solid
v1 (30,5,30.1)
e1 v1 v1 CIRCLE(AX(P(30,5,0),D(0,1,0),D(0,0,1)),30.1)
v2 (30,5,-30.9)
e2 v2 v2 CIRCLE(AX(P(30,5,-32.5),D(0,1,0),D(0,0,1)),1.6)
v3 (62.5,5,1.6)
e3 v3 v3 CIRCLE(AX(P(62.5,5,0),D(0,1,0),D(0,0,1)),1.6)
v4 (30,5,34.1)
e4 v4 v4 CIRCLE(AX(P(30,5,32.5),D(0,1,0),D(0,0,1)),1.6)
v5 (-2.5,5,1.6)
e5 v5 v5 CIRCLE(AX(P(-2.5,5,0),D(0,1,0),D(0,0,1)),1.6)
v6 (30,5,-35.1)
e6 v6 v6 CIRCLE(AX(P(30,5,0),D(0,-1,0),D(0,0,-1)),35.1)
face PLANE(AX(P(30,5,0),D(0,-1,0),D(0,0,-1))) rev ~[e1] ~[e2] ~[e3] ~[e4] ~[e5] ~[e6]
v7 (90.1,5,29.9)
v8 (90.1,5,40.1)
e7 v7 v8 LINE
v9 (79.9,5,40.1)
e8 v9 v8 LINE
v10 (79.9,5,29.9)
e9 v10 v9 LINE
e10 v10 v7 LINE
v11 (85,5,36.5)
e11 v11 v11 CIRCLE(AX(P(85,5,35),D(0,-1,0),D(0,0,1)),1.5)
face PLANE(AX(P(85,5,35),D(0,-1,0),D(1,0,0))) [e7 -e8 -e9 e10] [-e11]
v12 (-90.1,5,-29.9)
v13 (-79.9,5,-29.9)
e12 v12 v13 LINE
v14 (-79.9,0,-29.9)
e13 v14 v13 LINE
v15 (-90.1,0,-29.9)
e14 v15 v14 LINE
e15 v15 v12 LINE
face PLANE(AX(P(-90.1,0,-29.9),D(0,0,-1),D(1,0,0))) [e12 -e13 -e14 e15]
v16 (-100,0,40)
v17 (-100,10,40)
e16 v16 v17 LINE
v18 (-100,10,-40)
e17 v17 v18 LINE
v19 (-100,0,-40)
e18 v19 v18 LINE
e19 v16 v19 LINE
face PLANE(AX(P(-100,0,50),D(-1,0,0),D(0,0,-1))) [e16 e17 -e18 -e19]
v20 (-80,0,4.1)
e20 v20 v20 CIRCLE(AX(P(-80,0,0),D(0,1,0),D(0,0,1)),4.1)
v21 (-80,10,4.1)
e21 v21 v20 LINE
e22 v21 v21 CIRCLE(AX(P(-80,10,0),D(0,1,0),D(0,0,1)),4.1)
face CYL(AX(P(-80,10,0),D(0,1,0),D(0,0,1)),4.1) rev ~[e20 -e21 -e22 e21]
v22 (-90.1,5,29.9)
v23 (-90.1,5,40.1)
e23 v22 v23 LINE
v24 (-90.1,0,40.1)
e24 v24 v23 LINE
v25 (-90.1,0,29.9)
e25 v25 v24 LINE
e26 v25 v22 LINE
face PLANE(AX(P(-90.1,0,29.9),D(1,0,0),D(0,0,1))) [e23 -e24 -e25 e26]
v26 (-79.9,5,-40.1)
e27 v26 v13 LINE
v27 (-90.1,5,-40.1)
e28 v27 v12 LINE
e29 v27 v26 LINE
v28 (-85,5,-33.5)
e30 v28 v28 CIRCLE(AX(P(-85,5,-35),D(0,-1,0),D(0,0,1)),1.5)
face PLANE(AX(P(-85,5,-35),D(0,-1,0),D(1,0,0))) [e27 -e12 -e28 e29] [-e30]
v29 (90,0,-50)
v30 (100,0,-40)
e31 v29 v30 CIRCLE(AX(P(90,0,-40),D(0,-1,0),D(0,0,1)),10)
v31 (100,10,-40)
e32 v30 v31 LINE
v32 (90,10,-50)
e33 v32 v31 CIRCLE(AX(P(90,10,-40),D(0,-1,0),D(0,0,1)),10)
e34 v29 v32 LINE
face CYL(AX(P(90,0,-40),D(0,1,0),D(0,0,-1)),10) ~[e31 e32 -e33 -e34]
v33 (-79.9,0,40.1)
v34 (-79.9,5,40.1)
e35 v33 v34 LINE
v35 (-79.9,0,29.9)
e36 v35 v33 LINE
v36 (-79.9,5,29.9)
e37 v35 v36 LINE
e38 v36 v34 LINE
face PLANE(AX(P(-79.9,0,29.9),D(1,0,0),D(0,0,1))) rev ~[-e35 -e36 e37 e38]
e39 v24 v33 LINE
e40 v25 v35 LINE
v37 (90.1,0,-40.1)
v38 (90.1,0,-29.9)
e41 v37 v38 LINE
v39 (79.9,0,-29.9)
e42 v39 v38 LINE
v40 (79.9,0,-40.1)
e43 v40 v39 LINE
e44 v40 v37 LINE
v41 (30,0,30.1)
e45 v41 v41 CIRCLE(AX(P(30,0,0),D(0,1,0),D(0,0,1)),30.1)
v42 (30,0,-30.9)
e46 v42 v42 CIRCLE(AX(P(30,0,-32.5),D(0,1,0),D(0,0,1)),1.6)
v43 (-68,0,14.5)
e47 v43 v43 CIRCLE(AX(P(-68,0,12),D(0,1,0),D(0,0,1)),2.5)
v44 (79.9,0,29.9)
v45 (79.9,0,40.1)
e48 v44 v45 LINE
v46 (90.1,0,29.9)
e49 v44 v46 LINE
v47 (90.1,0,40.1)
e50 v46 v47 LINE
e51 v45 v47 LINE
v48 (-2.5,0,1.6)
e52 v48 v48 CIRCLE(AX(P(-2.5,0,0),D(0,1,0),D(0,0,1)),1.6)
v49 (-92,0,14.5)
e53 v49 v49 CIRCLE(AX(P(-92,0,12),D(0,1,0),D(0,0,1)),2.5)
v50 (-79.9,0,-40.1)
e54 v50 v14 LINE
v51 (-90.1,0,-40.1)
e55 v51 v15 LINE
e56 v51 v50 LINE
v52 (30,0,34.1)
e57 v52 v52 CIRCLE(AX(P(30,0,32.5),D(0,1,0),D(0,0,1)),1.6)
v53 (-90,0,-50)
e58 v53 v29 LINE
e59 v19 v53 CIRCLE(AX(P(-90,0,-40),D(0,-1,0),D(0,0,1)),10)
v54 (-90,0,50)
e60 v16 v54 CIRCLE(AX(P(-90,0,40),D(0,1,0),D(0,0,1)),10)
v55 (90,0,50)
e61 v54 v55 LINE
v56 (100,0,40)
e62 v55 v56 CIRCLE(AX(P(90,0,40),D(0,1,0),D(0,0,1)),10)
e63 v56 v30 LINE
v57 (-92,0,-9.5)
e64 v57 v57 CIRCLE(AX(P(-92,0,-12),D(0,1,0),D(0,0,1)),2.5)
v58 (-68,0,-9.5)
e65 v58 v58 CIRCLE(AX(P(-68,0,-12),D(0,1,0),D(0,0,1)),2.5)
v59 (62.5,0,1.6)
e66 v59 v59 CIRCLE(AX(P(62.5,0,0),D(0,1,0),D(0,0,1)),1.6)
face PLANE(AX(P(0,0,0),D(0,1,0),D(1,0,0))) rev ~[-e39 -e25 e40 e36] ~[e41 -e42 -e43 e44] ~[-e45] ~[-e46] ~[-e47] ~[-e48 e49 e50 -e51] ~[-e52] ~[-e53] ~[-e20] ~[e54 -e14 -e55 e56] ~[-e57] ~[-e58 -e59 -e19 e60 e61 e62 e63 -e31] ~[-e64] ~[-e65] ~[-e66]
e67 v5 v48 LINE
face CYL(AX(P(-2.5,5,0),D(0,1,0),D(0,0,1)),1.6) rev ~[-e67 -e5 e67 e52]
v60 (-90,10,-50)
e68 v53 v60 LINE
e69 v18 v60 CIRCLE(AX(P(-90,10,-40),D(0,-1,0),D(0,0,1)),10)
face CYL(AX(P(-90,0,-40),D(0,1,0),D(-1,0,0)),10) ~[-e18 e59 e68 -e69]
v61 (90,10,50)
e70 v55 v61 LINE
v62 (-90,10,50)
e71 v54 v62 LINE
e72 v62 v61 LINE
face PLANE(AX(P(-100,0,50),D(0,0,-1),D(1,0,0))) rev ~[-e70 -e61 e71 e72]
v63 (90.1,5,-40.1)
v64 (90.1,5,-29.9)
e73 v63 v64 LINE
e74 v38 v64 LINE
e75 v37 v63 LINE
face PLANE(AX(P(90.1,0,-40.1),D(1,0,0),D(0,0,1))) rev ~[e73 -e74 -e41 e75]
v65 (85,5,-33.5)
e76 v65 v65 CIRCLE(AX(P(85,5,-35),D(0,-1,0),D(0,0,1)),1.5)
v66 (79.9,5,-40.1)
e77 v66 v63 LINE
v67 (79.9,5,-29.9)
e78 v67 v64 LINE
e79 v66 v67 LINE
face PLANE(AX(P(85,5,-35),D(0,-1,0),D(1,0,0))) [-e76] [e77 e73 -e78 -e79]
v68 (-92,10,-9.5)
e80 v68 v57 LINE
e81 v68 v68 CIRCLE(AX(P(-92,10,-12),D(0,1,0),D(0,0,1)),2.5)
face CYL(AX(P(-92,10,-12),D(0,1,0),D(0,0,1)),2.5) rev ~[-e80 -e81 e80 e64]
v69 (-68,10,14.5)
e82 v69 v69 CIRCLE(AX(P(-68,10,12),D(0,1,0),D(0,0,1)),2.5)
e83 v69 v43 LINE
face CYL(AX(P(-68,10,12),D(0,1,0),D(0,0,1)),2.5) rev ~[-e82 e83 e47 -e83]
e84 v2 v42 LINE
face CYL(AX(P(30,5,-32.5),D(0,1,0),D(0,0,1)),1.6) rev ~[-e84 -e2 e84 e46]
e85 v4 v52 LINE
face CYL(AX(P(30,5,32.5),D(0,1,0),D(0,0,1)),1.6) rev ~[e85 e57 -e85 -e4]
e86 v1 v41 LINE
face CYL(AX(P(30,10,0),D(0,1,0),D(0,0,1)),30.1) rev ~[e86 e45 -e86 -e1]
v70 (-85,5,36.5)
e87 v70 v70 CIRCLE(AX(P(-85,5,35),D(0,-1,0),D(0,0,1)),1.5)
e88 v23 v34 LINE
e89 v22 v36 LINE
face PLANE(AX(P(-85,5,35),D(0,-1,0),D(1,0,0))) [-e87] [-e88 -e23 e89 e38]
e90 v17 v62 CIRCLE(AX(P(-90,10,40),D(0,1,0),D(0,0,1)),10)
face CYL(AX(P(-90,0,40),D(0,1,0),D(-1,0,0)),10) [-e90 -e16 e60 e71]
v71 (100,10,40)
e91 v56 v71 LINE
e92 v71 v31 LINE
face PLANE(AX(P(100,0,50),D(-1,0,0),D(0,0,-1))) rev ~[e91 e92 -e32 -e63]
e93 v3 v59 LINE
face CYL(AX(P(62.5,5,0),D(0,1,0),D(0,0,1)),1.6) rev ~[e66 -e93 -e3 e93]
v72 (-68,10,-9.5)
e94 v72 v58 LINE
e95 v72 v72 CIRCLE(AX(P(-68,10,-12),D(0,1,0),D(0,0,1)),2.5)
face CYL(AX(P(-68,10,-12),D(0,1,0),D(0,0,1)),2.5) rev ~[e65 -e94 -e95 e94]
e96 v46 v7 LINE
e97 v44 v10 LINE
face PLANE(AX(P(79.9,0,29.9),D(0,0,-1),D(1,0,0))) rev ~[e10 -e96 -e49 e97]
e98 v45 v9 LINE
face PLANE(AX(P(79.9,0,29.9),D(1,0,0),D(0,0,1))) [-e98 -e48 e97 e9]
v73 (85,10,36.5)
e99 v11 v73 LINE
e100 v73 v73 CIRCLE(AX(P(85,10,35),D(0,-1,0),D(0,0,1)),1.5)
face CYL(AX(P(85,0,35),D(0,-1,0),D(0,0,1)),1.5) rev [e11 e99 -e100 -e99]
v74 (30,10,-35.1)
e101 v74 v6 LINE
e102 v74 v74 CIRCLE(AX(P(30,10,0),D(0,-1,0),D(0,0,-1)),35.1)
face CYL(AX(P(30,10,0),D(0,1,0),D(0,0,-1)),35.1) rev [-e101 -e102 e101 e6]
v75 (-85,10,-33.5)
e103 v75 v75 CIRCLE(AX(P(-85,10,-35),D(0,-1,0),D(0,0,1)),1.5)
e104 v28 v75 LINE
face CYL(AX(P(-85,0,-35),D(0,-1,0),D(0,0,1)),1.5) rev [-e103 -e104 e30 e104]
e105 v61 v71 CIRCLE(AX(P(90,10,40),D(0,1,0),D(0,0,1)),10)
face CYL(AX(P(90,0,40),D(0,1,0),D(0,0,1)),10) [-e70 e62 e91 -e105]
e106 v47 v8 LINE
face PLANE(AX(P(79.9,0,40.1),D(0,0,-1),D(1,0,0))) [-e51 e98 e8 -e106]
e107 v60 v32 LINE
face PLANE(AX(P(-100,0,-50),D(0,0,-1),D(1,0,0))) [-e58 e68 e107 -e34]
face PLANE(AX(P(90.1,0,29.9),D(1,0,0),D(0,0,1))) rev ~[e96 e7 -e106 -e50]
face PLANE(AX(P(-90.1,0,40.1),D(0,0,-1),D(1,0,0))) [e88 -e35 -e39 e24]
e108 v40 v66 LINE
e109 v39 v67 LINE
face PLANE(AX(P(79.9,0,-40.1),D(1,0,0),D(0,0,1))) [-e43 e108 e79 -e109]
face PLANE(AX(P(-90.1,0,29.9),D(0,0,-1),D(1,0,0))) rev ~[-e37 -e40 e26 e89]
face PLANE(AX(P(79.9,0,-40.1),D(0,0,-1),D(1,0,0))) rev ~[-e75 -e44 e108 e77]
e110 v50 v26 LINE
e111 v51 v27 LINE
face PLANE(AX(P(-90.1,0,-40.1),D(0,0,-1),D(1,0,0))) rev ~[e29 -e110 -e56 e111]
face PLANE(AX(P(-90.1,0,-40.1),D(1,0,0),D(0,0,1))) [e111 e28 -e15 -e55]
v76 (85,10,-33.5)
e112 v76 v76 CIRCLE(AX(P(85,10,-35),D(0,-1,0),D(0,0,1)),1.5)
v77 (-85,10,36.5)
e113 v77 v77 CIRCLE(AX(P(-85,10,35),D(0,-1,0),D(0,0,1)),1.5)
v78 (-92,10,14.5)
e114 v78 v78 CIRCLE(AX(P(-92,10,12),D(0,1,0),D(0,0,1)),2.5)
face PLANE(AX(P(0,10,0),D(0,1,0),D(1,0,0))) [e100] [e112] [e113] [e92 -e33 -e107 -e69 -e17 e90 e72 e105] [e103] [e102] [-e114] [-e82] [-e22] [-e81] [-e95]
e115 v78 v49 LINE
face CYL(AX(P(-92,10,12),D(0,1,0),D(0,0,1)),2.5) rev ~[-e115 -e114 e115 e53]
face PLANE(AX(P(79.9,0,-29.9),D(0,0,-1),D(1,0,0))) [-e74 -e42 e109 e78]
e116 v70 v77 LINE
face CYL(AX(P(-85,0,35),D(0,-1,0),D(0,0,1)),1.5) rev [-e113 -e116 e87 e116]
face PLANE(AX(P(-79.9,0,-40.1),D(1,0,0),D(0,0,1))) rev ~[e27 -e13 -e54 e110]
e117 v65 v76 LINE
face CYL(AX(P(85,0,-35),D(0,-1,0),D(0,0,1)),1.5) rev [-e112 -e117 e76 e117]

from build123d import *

# Parameters (mm, degrees)
SKETCH_1_W          = 200
SKETCH_1_H          = 100
EXTRUDE_1_DEPTH     = 10
SKETCH_2_R          = 2.5
SKETCH_2_R_2        = 30.1
SKETCH_2_R_3        = 4.1
CUT_EXTRUDE_1_DEPTH = 113.249721603
SKETCH_3_R          = 35.1
CUT_EXTRUDE_2_DEPTH = 5
FILLET_1_R          = 10
SKETCH_4_W          = 10.2
SKETCH_4_H          = 10.2
CUT_EXTRUDE_4_DEPTH = 5
SKETCH_5_R          = 1.6
CUT_EXTRUDE_5_DEPTH = 112.915146428
SKETCH_6_R          = 1.5
CUT_EXTRUDE_7_DEPTH = 113.249721603


with BuildPart() as part:
    # ｽｹｯﾁ1 → ﾎﾞｽ - 押し出し1 (new body)
    with BuildSketch(Plane(origin=(0, 0, 0), x_dir=(1, 0, 0), z_dir=(0, 1, 0))):
        Rectangle(SKETCH_1_W, SKETCH_1_H)
    extrude(amount=EXTRUDE_1_DEPTH)

    # ｽｹｯﾁ2 → ｶｯﾄ - 押し出し1 (cut, through all)
    with BuildSketch(Plane(origin=(0, 10, 0), x_dir=(1, 0, 0), z_dir=(0, 1, 0))):
        with Locations((-92, 12)):
            Circle(SKETCH_2_R)
        with Locations((-68, 12)):
            Circle(SKETCH_2_R)
        with Locations((-92, -12)):
            Circle(SKETCH_2_R)
        with Locations((-68, -12)):
            Circle(SKETCH_2_R)
        with Locations((30, 0)):
            Circle(SKETCH_2_R_2)
        with Locations((-80, 0)):
            Circle(SKETCH_2_R_3)
    extrude(amount=-CUT_EXTRUDE_1_DEPTH, mode=Mode.SUBTRACT)

    # ｽｹｯﾁ3 → ｶｯﾄ - 押し出し2 (cut)
    with BuildSketch(Plane.XZ.offset(-10)):
        with Locations((30, 0)):
            Circle(SKETCH_3_R)
    extrude(amount=CUT_EXTRUDE_2_DEPTH, mode=Mode.SUBTRACT)

    # ﾌｨﾚｯﾄ1
    fillet_1_edges = [part.edges().sort_by_distance(p)[0] for p in [
        (100, 5, -50),
        (-100, 5, -50),
        (100, 5, 50),
        (-100, 5, 50),
    ]]
    fillet(fillet_1_edges, radius=FILLET_1_R)

    # ｽｹｯﾁ4 → ｶｯﾄ - 押し出し4 (cut)
    with BuildSketch(Plane.XZ):
        with Locations((-85, 35)):
            Rectangle(SKETCH_4_W, SKETCH_4_H)
        with Locations((-85, -35)):
            Rectangle(SKETCH_4_W, SKETCH_4_H)
        with Locations((85, 35)):
            Rectangle(SKETCH_4_W, SKETCH_4_H)
        with Locations((85, -35)):
            Rectangle(SKETCH_4_W, SKETCH_4_H)
    extrude(amount=-CUT_EXTRUDE_4_DEPTH, mode=Mode.SUBTRACT)

    # ｽｹｯﾁ5 → ｶｯﾄ - 押し出し5 (cut, through all)
    with BuildSketch(Plane(origin=(0, 5, 0), x_dir=(1, 0, 0), z_dir=(0, 1, 0))):
        with Locations((-2.5, 0)):
            Circle(SKETCH_5_R)
        with Locations((62.5, 0)):
            Circle(SKETCH_5_R)
        with Locations((30, 32.5)):
            Circle(SKETCH_5_R)
        with Locations((30, -32.5)):
            Circle(SKETCH_5_R)
    extrude(amount=-CUT_EXTRUDE_5_DEPTH, mode=Mode.SUBTRACT)

    # ｽｹｯﾁ6 → ｶｯﾄ - 押し出し7 (cut, through all)
    with BuildSketch(Plane(origin=(0, 0, 0), x_dir=(1, 0, 0), z_dir=(0, 1, 0))):
        with Locations((-85, -35)):
            Circle(SKETCH_6_R)
        with Locations((-85, 35)):
            Circle(SKETCH_6_R)
        with Locations((85, 35)):
            Circle(SKETCH_6_R)
        with Locations((85, -35)):
            Circle(SKETCH_6_R)
    extrude(amount=CUT_EXTRUDE_7_DEPTH, mode=Mode.SUBTRACT)


solid = part.part
